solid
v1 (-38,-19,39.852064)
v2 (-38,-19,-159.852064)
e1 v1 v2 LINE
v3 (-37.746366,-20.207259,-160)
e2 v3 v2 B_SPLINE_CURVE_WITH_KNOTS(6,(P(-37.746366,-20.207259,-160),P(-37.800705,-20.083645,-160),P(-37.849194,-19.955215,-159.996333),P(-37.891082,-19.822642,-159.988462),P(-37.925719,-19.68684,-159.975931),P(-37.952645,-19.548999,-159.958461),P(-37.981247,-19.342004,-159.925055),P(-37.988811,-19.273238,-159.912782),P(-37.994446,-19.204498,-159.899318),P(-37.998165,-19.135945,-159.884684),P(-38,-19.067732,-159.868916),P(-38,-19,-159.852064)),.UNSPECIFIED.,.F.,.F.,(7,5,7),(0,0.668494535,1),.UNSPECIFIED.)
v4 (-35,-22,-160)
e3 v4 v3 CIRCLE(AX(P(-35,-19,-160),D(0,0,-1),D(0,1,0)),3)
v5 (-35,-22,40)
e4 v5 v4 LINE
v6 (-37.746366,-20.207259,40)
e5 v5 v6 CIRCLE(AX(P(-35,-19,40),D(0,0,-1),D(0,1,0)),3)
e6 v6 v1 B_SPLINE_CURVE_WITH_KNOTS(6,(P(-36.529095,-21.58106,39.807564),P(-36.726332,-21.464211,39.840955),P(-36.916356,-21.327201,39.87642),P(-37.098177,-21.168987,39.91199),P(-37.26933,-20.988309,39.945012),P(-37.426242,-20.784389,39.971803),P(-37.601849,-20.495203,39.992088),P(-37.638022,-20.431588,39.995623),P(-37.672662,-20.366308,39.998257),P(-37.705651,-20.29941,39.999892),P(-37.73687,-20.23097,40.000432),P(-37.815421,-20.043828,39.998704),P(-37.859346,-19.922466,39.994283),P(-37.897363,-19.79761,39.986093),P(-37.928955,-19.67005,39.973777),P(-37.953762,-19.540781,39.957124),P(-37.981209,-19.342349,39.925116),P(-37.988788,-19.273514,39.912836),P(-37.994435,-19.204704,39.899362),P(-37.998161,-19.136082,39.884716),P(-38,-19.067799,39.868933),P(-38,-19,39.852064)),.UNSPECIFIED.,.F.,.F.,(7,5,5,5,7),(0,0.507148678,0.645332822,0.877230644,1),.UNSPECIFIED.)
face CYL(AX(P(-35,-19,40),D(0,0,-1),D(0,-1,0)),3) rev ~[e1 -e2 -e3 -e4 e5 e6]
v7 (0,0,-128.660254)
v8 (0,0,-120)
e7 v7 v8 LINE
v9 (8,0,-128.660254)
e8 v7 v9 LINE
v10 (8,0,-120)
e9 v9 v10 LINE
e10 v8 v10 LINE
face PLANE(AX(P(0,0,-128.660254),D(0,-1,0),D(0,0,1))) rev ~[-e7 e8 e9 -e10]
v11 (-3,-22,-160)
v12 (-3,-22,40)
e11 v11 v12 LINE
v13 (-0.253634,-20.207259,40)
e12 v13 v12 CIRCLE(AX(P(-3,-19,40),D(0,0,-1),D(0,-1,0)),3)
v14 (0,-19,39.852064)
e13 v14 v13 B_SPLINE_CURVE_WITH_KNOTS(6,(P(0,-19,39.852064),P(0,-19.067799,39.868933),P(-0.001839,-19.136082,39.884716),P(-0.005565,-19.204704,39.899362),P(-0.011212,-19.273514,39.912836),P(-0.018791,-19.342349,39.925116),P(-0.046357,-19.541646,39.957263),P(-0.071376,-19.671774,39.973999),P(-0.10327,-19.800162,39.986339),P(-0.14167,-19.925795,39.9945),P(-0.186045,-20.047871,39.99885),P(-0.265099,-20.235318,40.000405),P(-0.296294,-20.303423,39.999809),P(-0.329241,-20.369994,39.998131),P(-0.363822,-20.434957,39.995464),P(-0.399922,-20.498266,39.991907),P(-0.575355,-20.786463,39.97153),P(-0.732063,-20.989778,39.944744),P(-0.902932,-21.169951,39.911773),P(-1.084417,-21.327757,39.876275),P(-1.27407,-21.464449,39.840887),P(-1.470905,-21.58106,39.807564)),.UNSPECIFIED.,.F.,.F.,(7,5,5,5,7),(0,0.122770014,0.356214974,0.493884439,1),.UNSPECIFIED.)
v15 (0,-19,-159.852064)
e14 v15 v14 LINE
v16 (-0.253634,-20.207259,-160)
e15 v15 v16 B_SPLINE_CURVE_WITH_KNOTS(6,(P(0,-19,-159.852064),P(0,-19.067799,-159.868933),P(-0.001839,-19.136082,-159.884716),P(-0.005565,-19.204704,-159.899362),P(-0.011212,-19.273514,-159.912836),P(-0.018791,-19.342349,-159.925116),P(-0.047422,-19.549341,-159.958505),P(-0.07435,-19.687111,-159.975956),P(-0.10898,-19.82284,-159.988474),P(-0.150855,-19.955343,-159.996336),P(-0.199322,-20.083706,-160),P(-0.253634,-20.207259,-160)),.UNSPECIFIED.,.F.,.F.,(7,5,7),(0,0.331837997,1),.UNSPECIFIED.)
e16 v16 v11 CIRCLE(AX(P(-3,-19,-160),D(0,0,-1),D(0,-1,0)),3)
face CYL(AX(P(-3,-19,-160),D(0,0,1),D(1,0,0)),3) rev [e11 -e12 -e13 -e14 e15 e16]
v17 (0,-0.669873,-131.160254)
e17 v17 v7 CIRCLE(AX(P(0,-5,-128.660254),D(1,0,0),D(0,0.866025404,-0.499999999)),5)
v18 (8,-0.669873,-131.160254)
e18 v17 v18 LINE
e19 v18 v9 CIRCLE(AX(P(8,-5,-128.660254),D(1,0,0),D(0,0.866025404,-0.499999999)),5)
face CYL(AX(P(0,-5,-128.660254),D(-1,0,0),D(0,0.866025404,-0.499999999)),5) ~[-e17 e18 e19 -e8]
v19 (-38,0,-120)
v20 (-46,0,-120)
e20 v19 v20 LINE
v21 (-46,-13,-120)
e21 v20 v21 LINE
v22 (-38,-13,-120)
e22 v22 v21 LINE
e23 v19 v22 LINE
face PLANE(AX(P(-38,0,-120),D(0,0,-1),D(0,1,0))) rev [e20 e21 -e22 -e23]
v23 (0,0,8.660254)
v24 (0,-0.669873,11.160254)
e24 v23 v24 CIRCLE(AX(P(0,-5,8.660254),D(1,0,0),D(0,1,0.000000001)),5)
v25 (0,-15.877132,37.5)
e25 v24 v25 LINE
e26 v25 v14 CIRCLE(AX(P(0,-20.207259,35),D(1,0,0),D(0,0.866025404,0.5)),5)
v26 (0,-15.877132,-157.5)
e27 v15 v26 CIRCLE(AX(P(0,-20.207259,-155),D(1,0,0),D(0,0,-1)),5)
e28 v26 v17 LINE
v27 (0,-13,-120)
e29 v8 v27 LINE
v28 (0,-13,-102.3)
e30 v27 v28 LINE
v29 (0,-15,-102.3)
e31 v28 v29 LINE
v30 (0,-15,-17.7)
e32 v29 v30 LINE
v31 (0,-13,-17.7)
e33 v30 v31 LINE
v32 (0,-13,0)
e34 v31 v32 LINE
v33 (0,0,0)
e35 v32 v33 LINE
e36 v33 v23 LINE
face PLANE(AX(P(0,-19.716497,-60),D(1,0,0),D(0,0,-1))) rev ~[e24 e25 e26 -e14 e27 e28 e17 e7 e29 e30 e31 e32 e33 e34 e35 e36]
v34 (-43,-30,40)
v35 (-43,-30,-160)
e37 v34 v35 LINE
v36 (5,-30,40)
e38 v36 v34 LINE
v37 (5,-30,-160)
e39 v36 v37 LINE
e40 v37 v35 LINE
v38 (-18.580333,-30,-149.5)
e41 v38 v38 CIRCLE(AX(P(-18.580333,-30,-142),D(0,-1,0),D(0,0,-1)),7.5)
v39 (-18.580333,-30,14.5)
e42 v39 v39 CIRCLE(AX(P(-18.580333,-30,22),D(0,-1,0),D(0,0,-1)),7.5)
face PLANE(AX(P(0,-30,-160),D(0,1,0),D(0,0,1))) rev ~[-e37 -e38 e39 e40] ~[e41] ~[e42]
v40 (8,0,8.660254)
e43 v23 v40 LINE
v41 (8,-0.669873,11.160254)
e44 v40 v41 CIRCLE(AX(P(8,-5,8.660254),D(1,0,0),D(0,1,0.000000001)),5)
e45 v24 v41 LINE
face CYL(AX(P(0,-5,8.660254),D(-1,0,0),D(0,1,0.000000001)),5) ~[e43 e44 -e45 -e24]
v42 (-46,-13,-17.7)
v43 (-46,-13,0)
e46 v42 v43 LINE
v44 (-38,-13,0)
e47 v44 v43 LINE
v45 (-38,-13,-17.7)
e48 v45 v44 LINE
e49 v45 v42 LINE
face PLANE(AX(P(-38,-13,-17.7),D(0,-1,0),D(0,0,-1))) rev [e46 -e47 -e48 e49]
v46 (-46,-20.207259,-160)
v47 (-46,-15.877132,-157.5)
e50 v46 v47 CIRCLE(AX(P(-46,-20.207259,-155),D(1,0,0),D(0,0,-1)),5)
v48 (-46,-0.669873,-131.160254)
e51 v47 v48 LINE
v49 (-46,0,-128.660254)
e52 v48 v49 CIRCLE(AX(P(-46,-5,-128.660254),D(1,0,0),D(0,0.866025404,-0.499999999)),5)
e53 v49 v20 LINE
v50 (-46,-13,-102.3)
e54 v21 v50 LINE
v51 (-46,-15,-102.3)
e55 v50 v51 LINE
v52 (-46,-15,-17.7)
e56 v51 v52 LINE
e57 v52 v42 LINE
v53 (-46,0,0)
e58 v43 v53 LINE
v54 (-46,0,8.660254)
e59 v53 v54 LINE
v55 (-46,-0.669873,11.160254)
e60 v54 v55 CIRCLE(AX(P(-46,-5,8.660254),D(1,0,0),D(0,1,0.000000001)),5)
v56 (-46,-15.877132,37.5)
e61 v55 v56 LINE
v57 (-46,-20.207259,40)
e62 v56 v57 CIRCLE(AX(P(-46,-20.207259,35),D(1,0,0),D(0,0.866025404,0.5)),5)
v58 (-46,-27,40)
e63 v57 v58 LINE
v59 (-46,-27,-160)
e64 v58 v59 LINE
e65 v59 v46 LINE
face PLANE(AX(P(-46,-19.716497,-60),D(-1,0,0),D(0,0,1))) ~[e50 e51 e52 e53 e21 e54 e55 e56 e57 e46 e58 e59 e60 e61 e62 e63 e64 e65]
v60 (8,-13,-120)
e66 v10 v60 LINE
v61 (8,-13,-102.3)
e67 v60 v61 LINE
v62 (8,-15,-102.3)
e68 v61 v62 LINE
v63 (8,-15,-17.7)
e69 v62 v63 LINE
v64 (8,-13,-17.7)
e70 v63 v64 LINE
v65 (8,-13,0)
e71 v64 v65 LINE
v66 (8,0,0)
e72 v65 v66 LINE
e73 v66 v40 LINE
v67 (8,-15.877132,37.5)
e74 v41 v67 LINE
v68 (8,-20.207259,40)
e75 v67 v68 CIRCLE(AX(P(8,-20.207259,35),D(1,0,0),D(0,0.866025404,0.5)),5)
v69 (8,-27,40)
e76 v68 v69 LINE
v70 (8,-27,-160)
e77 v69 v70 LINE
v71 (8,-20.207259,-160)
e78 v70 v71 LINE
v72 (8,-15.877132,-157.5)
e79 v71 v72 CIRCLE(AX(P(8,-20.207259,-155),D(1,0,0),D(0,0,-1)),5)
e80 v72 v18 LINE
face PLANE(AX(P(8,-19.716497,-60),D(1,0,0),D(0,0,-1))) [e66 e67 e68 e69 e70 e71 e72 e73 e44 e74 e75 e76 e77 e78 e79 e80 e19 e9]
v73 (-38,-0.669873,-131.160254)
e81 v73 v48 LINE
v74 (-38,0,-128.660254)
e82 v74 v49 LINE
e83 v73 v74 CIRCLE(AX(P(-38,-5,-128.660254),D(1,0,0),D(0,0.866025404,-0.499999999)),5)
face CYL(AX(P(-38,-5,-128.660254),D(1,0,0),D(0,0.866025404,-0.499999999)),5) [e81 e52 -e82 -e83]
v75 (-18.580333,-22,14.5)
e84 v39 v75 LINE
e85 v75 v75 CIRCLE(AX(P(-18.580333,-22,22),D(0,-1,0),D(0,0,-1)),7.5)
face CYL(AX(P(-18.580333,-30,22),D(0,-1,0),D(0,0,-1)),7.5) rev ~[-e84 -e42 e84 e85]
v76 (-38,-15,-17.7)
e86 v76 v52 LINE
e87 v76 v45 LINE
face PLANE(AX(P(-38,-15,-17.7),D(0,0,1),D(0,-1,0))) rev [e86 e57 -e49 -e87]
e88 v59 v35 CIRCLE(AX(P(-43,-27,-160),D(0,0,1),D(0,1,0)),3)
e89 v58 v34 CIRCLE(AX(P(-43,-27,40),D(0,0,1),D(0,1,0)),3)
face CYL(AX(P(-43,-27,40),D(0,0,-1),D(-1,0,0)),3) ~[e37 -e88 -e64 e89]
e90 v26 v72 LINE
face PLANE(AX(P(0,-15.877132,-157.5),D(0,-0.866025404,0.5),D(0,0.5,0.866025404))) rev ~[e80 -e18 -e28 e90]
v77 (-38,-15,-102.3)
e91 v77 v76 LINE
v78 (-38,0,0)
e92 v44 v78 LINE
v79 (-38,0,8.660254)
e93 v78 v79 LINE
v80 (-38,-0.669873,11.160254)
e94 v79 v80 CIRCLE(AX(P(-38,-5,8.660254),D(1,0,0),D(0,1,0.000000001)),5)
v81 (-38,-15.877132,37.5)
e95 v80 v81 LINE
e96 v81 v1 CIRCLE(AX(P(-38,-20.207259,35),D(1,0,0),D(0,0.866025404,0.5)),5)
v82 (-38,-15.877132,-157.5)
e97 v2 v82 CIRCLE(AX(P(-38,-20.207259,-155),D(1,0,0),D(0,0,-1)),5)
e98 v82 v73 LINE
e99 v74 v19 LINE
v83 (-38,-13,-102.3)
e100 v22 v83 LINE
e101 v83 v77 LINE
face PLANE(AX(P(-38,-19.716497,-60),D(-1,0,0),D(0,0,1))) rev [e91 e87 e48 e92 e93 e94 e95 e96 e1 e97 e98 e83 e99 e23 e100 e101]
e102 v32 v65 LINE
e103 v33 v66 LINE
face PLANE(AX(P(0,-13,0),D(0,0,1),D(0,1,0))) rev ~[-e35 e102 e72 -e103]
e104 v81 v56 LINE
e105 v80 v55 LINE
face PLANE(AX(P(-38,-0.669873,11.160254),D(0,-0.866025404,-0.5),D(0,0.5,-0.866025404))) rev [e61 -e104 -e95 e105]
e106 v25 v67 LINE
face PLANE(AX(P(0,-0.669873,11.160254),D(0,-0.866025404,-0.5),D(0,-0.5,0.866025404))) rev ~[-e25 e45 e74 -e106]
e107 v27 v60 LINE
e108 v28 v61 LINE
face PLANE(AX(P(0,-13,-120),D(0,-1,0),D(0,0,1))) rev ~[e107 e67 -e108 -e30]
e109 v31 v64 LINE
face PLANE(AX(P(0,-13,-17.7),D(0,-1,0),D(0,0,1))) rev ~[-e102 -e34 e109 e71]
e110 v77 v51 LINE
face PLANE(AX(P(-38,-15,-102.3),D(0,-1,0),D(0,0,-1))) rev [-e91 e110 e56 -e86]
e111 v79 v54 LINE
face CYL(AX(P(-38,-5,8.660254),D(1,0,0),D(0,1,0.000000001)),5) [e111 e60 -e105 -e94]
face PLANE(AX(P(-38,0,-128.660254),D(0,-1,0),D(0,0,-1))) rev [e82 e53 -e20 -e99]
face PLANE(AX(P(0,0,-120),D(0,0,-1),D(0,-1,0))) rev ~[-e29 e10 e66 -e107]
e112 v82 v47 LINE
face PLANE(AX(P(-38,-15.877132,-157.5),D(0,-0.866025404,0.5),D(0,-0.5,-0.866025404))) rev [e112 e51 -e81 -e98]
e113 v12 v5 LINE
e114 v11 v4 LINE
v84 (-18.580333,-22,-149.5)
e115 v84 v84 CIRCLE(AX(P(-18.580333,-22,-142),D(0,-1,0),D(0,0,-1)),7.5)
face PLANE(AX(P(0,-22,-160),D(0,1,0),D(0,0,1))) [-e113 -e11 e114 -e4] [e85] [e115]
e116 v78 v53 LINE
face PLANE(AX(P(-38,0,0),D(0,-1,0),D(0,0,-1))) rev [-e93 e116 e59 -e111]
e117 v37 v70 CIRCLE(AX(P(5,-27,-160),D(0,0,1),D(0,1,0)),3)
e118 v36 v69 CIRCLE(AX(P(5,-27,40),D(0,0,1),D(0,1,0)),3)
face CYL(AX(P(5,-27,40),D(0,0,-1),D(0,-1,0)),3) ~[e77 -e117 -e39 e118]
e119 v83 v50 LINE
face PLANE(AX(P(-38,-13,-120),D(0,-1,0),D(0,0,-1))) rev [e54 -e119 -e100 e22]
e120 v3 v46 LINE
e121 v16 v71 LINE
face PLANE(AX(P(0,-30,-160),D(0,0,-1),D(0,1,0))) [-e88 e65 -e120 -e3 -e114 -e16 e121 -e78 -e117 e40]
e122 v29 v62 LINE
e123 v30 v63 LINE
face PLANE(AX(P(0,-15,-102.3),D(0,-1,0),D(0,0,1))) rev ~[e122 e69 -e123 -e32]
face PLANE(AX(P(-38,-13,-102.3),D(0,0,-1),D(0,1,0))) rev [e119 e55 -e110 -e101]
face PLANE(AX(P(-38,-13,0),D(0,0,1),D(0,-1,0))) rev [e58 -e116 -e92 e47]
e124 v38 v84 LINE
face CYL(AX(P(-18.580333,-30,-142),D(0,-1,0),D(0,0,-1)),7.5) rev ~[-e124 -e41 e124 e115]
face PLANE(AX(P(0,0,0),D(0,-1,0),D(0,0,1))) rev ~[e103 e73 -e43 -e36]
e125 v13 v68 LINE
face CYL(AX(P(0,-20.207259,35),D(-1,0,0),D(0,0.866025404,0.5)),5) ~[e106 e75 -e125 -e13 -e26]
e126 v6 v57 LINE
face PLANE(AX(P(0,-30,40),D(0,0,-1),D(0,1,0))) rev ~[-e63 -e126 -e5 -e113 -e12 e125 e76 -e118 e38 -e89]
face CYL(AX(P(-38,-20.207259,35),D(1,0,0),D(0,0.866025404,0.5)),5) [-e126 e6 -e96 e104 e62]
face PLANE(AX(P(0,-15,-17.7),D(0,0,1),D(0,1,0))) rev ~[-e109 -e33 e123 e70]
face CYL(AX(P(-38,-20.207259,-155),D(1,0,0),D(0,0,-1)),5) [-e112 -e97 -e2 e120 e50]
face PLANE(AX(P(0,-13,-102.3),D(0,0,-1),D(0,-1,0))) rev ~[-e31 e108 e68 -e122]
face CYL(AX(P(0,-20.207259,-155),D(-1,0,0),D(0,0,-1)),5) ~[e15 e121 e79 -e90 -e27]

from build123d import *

# Parameters (mm, degrees)
DODANIE_WYCI_GNI_CIE1_DEPTH = 8
DODANIE_WYCI_GNI_CIE2_REACH = 171.163
SZKIC2_W                    = 200
SZKIC2_H                    = 8
ZAOKR_GLENIE1_R             = 3
ZAOKR_GLENIE2_R             = 3
SZKIC3_R                    = 7.5
WYTNIJ_WYCI_GNI_CIE1_DEPTH  = 170.162643752


with BuildPart() as part:
    # Szkic1 → Dodanie-wyciągnięcie1 (new body)
    with BuildSketch(Plane(origin=(0, 0, 0), x_dir=(0, 0, -1), z_dir=(1, 0, 0))):
        with BuildLine():
            Line((0, 0), (-8.660254038, 0))
            ThreePointArc((-8.660254038, 0), (-9.954349263, -0.170370869), (-11.160254038, -0.669872981))
            Line((-11.160254038, -0.669872981), (-37.5, -15.877132403))
            ThreePointArc((-37.5, -15.877132403), (-39.330127019, -17.707259422), (-40, -20.207259422))
            Line((-40, -20.207259422), (-40, -30))
            Line((-40, -30), (160, -30))
            Line((160, -30), (160, -20.207259422))
            ThreePointArc((160, -20.207259422), (159.330127019, -17.707259422), (157.5, -15.877132403))
            Line((157.5, -15.877132403), (131.160254038, -0.669872981))
            ThreePointArc((131.160254038, -0.669872981), (129.954349263, -0.170370869), (128.660254038, 0))
            Line((128.660254038, 0), (120, 0))
            Line((120, 0), (120, -13))
            Line((120, -13), (102.3, -13))
            Line((102.3, -13), (102.3, -15))
            Line((102.3, -15), (17.7, -15))
            Line((17.7, -15), (17.7, -13))
            Line((17.7, -13), (0, -13))
            Line((0, -13), (0, 0))
        make_face()
    extrude(amount=DODANIE_WYCI_GNI_CIE1_DEPTH)


with BuildPart() as body_2:
    # Lustro3: mirrored copy
    add(part.part.mirror(Plane.ZY.offset(19)))

    # Szkic2 → Dodanie-wyciągnięcie2 (add, up to next)
    with BuildSketch(Plane.ZY, mode=Mode.PRIVATE) as dodanie_wyci_gni_cie2_sk1:
        with Locations((-60, -26)):
            Rectangle(SZKIC2_W, SZKIC2_H)
    dodanie_wyci_gni_cie2_tool1 = extrude(dodanie_wyci_gni_cie2_sk1.sketch, amount=DODANIE_WYCI_GNI_CIE2_REACH, mode=Mode.PRIVATE) - body_2.part

    add(part.part)  # Dodanie-wyciągnięcie2 merges part
    add(dodanie_wyci_gni_cie2_tool1.solids().sort_by_distance((0, -26, -60))[0])

    # Zaokrąglenie1
    zaokr_glenie1_edges = [body_2.edges().sort_by_distance(p)[0] for p in [
        (8, -30, -60),
        (-46, -30, -60),
    ]]
    fillet(zaokr_glenie1_edges, radius=ZAOKR_GLENIE1_R)

    # Zaokrąglenie2
    zaokr_glenie2_edges = [body_2.edges().sort_by_distance(p)[0] for p in [
        (0, -22, -60),
        (-38, -22, -60),
    ]]
    fillet(zaokr_glenie2_edges, radius=ZAOKR_GLENIE2_R)

    # Szkic3 → Wytnij-wyciągnięcie1 (cut, through all)
    with BuildSketch(Plane.XZ.offset(30)):
        with Locations(Location((-18.58033314, 22, 0), (0, 0, 270))):
            Circle(SZKIC3_R)
        with Locations(Location((-18.58033314, -142, 0), (0, 0, 270))):
            Circle(SZKIC3_R)
    extrude(amount=-WYTNIJ_WYCI_GNI_CIE1_DEPTH, mode=Mode.SUBTRACT)


solid = body_2.part
